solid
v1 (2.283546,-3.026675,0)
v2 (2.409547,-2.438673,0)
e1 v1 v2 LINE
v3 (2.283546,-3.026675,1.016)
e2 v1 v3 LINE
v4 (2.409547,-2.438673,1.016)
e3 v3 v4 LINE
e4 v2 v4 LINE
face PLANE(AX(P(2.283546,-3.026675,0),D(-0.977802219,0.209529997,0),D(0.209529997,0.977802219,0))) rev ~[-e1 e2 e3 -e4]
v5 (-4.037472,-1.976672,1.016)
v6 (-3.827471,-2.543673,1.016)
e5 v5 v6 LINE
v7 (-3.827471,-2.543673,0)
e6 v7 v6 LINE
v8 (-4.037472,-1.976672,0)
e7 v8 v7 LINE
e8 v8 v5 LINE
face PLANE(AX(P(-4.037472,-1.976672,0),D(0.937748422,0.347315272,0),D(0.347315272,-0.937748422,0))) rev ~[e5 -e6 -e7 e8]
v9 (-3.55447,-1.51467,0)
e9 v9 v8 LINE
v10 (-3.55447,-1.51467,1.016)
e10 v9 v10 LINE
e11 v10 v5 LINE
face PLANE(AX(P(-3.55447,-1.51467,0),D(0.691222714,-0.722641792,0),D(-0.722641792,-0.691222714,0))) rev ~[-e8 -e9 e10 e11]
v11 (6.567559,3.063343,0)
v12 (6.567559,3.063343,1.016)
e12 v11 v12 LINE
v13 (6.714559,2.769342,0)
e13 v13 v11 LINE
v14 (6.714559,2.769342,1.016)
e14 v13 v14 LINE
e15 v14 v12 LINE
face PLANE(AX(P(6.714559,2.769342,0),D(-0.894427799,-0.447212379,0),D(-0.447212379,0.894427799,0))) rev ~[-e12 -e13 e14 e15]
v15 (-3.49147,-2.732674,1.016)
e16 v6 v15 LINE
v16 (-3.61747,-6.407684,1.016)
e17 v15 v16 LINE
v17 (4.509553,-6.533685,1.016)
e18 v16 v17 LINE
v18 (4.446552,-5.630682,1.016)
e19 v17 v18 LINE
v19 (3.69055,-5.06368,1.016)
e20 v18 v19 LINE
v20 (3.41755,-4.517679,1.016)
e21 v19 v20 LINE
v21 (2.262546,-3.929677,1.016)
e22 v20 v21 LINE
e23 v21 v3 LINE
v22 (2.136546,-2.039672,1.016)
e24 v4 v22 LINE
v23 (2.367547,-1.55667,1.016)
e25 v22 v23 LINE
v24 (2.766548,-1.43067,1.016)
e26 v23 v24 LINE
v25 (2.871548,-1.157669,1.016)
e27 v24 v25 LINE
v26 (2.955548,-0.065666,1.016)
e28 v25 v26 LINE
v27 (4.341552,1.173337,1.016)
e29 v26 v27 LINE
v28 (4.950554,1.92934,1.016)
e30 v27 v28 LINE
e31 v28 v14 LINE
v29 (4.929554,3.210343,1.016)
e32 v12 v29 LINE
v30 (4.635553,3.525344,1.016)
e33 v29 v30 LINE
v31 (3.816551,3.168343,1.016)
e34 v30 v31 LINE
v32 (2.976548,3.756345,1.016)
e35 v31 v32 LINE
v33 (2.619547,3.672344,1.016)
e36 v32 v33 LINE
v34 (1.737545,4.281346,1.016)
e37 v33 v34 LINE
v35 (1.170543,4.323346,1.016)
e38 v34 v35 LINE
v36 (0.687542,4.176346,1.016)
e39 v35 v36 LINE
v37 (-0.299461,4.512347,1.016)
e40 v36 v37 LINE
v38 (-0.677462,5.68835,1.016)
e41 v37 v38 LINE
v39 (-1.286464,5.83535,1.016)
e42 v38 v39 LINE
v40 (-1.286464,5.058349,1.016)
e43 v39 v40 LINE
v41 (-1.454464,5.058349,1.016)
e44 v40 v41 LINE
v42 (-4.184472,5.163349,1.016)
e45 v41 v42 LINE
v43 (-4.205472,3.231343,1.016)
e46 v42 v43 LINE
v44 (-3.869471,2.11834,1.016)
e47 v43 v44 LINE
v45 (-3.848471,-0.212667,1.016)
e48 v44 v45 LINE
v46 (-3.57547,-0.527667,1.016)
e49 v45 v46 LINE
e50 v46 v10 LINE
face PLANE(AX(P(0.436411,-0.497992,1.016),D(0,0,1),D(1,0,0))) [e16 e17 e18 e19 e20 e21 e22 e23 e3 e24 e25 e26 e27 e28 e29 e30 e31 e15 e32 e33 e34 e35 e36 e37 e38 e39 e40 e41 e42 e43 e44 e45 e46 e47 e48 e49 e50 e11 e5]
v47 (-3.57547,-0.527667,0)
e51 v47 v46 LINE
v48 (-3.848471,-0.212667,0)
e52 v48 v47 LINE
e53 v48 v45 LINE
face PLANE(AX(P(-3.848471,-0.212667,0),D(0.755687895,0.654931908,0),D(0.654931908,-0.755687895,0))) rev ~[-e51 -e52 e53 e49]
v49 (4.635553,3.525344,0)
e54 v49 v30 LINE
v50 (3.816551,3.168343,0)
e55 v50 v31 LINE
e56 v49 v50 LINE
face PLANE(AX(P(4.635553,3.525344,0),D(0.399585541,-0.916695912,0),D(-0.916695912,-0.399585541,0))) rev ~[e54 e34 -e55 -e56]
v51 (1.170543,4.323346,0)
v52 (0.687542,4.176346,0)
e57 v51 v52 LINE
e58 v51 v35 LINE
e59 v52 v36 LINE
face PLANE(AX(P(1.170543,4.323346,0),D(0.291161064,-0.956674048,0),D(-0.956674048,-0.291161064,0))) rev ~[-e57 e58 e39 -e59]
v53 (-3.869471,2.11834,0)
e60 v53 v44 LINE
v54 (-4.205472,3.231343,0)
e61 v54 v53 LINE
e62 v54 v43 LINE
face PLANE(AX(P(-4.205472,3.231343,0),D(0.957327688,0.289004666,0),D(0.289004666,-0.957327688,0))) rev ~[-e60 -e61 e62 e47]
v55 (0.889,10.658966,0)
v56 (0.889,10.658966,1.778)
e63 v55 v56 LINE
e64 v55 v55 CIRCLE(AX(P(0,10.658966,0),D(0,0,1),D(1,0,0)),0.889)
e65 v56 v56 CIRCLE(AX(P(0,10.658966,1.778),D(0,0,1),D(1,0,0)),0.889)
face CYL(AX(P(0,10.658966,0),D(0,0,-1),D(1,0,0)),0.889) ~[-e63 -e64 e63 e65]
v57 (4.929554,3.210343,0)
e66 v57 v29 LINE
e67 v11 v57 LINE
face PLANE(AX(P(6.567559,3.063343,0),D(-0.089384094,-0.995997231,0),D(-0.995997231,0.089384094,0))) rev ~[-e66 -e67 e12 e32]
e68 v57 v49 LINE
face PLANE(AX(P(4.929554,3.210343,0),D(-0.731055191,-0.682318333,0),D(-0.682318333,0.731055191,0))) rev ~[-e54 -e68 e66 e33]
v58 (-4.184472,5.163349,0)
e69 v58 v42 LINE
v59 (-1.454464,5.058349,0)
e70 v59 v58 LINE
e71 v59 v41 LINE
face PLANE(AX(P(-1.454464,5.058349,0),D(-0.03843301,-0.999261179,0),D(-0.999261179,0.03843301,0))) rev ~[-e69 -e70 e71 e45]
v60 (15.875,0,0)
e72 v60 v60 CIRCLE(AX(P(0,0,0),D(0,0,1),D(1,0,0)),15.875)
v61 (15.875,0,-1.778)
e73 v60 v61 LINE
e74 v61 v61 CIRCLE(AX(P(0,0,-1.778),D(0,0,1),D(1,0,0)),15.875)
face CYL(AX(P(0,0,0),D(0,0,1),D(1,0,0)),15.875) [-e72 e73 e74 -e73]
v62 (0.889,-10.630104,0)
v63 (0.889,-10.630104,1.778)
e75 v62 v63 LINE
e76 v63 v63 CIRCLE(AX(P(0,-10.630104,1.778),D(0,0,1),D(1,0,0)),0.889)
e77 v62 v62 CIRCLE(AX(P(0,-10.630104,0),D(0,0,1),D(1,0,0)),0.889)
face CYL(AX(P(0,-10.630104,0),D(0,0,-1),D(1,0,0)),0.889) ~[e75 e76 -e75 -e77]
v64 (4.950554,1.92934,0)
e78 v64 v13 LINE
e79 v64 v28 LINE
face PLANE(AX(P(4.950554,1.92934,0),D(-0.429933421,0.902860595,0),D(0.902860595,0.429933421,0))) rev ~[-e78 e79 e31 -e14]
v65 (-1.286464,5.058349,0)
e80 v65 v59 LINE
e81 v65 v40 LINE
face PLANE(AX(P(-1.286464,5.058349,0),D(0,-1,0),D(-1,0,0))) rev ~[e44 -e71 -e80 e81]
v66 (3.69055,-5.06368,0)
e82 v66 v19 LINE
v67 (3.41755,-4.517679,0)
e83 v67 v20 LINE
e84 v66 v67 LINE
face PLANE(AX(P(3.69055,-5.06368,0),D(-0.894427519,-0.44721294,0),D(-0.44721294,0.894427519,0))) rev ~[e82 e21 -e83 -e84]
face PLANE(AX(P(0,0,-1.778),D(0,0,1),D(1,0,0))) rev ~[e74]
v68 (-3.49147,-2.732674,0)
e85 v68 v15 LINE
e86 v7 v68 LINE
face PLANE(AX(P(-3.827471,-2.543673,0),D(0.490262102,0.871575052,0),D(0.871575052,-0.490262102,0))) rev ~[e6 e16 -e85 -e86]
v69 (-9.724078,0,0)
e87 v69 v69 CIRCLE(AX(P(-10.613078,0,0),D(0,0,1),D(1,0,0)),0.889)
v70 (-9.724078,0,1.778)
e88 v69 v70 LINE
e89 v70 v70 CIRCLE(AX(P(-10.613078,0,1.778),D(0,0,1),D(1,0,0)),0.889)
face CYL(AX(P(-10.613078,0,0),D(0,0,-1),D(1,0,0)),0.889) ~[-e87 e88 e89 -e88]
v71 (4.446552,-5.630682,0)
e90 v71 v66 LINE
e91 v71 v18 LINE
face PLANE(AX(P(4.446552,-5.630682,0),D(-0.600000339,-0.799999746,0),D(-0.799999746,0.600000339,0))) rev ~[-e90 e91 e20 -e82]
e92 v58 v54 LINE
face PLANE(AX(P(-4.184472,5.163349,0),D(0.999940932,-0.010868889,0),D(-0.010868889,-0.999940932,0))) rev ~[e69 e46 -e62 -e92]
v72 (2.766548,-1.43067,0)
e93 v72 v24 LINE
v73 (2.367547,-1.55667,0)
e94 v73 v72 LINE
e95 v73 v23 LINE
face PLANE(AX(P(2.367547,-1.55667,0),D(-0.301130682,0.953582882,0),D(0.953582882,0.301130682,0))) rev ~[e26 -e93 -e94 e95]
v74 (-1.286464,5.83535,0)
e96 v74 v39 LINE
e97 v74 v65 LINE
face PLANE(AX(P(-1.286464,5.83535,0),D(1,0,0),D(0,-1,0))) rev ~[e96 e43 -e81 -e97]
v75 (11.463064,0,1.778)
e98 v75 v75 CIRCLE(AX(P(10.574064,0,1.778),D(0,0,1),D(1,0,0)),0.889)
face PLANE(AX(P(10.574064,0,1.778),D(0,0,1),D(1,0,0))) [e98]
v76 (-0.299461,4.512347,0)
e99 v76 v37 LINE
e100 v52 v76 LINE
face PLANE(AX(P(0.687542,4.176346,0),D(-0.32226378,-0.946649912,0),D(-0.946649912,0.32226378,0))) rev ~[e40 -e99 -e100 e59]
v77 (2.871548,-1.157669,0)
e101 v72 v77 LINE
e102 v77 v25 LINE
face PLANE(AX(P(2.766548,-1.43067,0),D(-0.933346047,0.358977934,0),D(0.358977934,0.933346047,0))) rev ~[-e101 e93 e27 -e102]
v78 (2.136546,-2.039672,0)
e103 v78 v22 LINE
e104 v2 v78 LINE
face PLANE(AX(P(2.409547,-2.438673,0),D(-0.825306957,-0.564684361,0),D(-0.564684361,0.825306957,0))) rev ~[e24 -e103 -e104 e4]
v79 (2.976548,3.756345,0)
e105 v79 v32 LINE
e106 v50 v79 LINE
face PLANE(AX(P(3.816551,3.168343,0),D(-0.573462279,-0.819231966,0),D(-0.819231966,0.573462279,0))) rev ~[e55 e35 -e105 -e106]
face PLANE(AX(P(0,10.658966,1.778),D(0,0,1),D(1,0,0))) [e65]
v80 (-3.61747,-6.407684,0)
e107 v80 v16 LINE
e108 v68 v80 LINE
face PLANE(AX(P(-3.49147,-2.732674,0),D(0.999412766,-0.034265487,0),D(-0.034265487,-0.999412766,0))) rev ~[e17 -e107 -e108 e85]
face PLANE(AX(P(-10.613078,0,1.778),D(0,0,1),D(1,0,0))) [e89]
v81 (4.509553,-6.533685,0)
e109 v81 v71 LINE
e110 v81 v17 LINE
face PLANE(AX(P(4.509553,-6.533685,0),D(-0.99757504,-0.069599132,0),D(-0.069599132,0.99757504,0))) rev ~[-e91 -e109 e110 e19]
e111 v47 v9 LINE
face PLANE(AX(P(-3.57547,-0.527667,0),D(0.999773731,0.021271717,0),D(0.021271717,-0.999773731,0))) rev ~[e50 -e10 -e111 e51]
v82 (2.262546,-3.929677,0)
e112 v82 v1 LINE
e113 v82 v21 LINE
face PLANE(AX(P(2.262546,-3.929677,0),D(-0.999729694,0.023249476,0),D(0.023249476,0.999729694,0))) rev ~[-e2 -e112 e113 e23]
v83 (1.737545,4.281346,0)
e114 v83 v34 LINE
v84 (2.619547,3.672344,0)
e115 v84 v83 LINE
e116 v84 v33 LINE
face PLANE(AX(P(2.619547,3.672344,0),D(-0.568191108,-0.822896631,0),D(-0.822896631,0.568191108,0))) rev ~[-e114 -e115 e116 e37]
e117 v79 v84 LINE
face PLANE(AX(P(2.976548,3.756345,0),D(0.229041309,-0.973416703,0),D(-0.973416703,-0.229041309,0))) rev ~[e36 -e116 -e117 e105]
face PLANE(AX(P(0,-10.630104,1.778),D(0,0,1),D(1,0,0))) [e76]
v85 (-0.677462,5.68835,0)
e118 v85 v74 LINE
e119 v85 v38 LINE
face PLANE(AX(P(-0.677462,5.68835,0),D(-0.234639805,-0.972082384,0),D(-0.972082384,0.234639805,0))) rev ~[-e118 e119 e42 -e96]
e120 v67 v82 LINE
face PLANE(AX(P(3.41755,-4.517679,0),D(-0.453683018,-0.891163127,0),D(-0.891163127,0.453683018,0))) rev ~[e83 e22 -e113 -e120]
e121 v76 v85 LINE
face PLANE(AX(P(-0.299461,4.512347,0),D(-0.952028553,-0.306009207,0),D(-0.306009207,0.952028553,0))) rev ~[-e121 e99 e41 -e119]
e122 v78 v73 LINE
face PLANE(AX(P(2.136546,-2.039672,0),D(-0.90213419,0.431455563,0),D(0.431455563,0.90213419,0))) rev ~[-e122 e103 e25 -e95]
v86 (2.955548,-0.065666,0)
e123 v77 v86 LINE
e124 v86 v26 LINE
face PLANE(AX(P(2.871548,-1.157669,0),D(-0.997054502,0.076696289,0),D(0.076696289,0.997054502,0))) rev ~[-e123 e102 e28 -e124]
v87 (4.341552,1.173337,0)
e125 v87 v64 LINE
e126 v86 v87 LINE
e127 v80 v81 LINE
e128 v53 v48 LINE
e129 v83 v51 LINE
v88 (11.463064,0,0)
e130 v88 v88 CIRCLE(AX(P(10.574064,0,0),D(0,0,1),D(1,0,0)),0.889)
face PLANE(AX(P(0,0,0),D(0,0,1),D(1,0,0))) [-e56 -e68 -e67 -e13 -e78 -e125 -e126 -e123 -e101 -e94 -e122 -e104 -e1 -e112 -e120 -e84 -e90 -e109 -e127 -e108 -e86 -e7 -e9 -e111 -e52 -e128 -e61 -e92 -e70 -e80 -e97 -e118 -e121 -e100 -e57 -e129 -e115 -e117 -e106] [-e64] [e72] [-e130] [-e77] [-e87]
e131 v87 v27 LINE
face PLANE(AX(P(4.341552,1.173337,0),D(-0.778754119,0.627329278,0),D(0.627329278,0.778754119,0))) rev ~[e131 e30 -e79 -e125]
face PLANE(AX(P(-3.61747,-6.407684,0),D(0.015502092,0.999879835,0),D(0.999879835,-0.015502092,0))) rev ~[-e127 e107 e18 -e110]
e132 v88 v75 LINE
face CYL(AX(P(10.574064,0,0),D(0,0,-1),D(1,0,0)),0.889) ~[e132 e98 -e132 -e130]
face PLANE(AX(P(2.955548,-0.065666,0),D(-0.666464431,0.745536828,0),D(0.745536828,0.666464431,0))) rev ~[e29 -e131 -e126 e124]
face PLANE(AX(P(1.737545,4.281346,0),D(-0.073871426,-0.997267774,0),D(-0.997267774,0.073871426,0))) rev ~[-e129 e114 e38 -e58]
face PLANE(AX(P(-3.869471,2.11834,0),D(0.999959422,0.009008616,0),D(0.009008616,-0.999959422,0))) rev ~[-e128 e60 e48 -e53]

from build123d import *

# Parameters (mm, degrees)
F0_R     = 15.875
F1_DEPTH = 1.778
F4_R     = 0.889
F5_DEPTH = 1.778
F7_DEPTH = 1.016


with BuildPart() as f1:
    # F0 (on Top) → F1 (new body)
    with BuildSketch(Plane.XY):
        Circle(F0_R)
    extrude(amount=-F1_DEPTH)

    # F4 (on face) → F5 (join)
    with BuildSketch(Plane.XY):
        with Locations((0, 10.658966)):
            Circle(F4_R)
        with Locations((-10.613078, 0)):
            Circle(F4_R)
        with Locations((0, -10.630104)):
            Circle(F4_R)
        with Locations((10.574064, 0)):
            Circle(F4_R)
    extrude(amount=F5_DEPTH)

    # F6 (on face) → F7 (join)
    with BuildSketch(Plane.XY):
        Polygon((-1.286464, 5.058349), (-1.454464, 5.058349), (-4.184472, 5.163349), (-4.205472, 3.231343), (-3.869471, 2.11834), (-3.848471, -0.212667), (-3.57547, -0.527667), (-3.55447, -1.51467), (-4.037472, -1.976672), (-3.827471, -2.543673), (-3.49147, -2.732674), (-3.61747, -6.407684), (4.509553, -6.533685), (4.446552, -5.630682), (3.69055, -5.06368), (3.41755, -4.517679), (2.262546, -3.929677), (2.283546, -3.026675), (2.409547, -2.438673), (2.136546, -2.039672), (2.367547, -1.55667), (2.766548, -1.43067), (2.871548, -1.157669), (2.955548, -0.065666), (4.341552, 1.173337), (4.950554, 1.92934), (6.714559, 2.769342), (6.567559, 3.063343), (4.929554, 3.210343), (4.635553, 3.525344), (3.816551, 3.168343), (2.976548, 3.756345), (2.619547, 3.672344), (1.737545, 4.281346), (1.170543, 4.323346), (0.687542, 4.176346), (-0.299461, 4.512347), (-0.677462, 5.68835), (-1.286464, 5.83535), align=None)
    extrude(amount=F7_DEPTH)


solid = f1.part
